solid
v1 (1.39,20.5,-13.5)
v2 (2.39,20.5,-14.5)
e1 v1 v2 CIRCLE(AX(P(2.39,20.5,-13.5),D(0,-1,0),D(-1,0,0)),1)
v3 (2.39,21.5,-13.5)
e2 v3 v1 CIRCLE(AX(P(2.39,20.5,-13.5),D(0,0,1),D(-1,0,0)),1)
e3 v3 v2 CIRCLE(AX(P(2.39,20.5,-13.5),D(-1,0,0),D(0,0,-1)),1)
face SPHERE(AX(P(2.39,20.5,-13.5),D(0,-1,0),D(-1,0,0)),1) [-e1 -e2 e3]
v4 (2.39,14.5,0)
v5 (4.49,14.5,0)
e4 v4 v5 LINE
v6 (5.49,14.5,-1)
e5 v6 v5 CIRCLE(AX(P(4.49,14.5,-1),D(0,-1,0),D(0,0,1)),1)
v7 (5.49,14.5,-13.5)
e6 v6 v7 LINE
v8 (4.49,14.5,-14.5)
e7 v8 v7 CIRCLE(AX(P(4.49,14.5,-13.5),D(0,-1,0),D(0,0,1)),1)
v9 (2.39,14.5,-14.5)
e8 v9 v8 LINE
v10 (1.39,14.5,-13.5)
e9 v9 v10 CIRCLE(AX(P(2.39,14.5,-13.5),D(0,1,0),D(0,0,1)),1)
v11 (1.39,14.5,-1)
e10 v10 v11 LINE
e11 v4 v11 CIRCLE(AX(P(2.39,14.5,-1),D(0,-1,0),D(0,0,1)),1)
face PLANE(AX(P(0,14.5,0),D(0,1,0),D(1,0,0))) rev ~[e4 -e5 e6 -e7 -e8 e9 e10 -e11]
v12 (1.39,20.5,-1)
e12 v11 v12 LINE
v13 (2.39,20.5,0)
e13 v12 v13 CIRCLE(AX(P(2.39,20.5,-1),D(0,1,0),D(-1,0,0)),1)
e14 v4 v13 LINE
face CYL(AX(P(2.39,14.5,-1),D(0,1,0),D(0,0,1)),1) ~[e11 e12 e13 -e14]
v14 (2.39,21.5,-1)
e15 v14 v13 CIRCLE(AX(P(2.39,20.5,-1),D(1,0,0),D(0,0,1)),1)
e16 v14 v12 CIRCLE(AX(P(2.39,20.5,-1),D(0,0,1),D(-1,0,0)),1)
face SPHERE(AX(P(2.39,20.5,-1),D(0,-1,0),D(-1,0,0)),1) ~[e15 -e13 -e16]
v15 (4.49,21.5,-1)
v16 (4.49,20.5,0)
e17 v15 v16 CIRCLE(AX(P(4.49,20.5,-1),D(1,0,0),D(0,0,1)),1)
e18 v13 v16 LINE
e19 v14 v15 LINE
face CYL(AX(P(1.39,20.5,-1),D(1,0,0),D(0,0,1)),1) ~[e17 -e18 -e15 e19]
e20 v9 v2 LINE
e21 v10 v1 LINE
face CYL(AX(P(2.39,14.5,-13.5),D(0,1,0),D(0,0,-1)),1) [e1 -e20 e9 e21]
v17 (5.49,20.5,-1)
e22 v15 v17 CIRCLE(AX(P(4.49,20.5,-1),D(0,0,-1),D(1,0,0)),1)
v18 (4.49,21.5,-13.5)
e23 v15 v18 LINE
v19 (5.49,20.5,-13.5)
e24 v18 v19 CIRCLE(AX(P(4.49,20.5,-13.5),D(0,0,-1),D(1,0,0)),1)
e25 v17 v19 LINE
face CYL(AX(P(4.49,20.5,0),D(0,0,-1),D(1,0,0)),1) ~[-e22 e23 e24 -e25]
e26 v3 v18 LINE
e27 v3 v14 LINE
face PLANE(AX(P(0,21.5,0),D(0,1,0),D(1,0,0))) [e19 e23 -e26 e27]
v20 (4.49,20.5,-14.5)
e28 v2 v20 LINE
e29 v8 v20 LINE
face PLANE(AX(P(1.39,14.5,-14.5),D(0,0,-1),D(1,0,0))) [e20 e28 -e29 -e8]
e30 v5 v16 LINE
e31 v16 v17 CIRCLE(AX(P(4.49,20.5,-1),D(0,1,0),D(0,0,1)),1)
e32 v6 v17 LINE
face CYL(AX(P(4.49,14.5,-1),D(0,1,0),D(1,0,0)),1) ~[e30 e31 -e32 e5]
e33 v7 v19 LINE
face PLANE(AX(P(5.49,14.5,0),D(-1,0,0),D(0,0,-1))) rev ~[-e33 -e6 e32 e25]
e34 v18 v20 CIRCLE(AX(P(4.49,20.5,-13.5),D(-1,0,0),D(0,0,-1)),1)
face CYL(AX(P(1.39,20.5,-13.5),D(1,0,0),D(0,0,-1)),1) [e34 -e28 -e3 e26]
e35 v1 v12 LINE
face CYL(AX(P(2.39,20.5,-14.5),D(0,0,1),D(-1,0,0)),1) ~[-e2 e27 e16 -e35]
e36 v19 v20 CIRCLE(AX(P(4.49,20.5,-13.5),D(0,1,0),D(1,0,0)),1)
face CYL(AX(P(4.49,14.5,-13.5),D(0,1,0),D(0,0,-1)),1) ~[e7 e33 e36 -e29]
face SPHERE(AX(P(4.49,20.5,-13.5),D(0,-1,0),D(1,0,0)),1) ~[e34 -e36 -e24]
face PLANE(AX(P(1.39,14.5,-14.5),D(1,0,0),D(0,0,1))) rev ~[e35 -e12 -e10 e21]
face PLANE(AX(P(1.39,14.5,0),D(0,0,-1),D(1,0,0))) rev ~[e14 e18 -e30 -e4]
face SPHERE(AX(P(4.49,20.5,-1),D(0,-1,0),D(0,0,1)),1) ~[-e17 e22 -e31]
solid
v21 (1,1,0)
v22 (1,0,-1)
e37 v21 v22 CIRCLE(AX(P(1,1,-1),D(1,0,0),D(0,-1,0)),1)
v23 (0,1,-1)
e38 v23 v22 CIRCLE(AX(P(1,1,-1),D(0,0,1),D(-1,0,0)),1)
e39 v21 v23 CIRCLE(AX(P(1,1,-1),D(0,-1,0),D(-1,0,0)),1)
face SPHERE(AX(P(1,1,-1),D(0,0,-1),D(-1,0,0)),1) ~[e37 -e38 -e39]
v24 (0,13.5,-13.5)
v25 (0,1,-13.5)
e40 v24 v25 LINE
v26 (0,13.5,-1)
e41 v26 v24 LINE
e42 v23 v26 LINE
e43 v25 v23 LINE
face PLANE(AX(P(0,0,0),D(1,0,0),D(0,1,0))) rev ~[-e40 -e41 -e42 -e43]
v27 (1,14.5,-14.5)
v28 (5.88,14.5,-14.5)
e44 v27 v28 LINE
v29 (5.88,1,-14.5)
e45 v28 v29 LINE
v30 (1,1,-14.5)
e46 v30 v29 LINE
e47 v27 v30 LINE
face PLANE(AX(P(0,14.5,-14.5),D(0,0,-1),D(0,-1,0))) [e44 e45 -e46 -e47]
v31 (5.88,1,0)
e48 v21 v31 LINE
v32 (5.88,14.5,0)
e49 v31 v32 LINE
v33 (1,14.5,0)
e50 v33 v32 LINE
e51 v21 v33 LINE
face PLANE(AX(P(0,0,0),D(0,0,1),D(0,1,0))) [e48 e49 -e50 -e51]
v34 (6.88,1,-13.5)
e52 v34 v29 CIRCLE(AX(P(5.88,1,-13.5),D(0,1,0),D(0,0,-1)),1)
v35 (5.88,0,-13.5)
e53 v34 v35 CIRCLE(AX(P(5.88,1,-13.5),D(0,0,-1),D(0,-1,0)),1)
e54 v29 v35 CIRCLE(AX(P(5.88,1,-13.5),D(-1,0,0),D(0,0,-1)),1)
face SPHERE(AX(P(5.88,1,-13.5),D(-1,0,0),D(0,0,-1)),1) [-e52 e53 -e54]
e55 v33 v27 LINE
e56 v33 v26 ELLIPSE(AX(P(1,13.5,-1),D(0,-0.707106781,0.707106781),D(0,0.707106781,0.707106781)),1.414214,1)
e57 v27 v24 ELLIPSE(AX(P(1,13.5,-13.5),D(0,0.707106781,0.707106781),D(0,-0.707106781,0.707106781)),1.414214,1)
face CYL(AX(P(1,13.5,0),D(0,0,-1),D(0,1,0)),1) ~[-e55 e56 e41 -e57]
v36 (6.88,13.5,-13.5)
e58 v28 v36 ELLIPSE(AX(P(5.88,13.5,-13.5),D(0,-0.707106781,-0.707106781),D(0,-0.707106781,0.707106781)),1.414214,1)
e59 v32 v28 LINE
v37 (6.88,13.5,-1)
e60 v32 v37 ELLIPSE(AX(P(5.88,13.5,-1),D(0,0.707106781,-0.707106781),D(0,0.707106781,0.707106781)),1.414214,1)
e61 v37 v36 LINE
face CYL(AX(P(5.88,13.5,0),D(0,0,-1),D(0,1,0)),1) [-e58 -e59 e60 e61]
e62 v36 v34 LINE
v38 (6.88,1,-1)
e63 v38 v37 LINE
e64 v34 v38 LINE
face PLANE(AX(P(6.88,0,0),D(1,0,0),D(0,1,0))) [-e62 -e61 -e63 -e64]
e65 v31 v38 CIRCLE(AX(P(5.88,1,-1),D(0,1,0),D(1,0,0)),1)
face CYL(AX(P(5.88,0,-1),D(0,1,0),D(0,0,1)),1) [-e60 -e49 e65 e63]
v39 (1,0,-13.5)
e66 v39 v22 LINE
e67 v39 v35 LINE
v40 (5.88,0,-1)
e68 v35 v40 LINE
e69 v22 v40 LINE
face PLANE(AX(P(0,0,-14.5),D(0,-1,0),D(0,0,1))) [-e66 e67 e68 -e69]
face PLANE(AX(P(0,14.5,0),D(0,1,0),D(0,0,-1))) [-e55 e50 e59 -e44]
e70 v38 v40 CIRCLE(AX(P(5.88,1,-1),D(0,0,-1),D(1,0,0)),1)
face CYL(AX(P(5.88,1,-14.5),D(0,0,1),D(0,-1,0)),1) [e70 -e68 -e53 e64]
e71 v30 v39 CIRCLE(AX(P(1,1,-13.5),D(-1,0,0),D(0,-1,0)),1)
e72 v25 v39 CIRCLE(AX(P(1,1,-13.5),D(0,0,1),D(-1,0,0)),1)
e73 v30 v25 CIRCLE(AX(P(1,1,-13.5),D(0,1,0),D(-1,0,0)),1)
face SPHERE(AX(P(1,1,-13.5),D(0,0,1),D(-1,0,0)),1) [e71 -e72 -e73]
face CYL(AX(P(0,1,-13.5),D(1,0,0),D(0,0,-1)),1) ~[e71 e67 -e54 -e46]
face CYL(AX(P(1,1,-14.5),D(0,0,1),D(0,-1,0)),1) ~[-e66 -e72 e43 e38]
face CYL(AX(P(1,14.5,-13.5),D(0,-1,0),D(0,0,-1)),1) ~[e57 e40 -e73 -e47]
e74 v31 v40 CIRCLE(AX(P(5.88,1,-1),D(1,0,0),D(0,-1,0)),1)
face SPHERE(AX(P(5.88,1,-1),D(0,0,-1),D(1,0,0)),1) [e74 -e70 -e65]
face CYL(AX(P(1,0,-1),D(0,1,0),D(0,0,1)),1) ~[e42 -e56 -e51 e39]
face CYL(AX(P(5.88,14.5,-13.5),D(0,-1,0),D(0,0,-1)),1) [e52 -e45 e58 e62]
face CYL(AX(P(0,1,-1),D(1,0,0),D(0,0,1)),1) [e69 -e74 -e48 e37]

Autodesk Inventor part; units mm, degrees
ref_plane "YZ Plane" through (0, 0, 0) normal (1, 0, 0) x (0, 1, 0)
ref_plane "XZ Plane" through (0, 0, 0) normal (0, 1, 0) x (-1, 0, 0)
ref_plane "XY Plane" through (0, 0, 0) normal (0, 0, 1) x (1, 0, 0)
sketch "Sketch1" plane through (0, 0, 0) normal (1, 0, 0) x (0, 1, 0)
  line L0 (0, 0) -> (14.5, 0)
  line L1 (14.5, 0) -> (14.5, -14.5)
  line L2 (14.5, -14.5) -> (0, -14.5)
  line L3 (0, -14.5) -> (0, 0)
  dimension "d5" = 14.5
  dimension "d6" = 14.5
extrude "Extrusion1" add sketch "Sketch1" along normal blind 6.88
sketch "Sketch2" plane through (0, 14.5, 0) normal (0, 1, 0) x (1, 0, 0)
  line L0 (0, 14.5) -> (0, 0) projected
  line L1 (0, 0) -> (6.88, 0) projected
  line L2 (6.88, 14.5) -> (6.88, 0) projected
  line L3 (0, 14.5) -> (6.88, 14.5) projected
  line L4 (1.39, 0) -> (5.49, 0)
  line L5 (5.49, 0) -> (5.49, 14.5)
  line L6 (5.49, 14.5) -> (1.39, 14.5)
  line L7 (1.39, 14.5) -> (1.39, 0)
  line L8 (0, 14.5) -> (6.88, 14.5) projected
  line L9 (0, 0) -> (6.88, 0) projected
  dimension "d12" = 4.1
  dimension "d13" = 1.39
extrude "Extrusion2" add sketch "Sketch2" along normal blind 7 separate body contours L3 L5 L1 L7
fillet "Fillet1" radius 1 10 edges at (0, 0, -7.25) (0, 7.25, -14.5) (3.44, 0, -14.5) (6.88, 7.25, -14.5) (6.88, 0, -7.25) (6.88, 7.25, 0) (0, 7.25, 0) (3.44, 0, 0) (0, 14.5, -7.25) (6.88, 14.5, -7.25)
fillet "Fillet2" radius 1 8 edges at (1.39, 18, 0) (5.49, 18, 0) (1.39, 18, -14.5) (5.49, 18, -14.5) (1.39, 21.5, -7.25) (3.44, 21.5, 0) (5.49, 21.5, -7.25) (3.44, 21.5, -14.5)
properties part number "battery_1S_100mAh"
